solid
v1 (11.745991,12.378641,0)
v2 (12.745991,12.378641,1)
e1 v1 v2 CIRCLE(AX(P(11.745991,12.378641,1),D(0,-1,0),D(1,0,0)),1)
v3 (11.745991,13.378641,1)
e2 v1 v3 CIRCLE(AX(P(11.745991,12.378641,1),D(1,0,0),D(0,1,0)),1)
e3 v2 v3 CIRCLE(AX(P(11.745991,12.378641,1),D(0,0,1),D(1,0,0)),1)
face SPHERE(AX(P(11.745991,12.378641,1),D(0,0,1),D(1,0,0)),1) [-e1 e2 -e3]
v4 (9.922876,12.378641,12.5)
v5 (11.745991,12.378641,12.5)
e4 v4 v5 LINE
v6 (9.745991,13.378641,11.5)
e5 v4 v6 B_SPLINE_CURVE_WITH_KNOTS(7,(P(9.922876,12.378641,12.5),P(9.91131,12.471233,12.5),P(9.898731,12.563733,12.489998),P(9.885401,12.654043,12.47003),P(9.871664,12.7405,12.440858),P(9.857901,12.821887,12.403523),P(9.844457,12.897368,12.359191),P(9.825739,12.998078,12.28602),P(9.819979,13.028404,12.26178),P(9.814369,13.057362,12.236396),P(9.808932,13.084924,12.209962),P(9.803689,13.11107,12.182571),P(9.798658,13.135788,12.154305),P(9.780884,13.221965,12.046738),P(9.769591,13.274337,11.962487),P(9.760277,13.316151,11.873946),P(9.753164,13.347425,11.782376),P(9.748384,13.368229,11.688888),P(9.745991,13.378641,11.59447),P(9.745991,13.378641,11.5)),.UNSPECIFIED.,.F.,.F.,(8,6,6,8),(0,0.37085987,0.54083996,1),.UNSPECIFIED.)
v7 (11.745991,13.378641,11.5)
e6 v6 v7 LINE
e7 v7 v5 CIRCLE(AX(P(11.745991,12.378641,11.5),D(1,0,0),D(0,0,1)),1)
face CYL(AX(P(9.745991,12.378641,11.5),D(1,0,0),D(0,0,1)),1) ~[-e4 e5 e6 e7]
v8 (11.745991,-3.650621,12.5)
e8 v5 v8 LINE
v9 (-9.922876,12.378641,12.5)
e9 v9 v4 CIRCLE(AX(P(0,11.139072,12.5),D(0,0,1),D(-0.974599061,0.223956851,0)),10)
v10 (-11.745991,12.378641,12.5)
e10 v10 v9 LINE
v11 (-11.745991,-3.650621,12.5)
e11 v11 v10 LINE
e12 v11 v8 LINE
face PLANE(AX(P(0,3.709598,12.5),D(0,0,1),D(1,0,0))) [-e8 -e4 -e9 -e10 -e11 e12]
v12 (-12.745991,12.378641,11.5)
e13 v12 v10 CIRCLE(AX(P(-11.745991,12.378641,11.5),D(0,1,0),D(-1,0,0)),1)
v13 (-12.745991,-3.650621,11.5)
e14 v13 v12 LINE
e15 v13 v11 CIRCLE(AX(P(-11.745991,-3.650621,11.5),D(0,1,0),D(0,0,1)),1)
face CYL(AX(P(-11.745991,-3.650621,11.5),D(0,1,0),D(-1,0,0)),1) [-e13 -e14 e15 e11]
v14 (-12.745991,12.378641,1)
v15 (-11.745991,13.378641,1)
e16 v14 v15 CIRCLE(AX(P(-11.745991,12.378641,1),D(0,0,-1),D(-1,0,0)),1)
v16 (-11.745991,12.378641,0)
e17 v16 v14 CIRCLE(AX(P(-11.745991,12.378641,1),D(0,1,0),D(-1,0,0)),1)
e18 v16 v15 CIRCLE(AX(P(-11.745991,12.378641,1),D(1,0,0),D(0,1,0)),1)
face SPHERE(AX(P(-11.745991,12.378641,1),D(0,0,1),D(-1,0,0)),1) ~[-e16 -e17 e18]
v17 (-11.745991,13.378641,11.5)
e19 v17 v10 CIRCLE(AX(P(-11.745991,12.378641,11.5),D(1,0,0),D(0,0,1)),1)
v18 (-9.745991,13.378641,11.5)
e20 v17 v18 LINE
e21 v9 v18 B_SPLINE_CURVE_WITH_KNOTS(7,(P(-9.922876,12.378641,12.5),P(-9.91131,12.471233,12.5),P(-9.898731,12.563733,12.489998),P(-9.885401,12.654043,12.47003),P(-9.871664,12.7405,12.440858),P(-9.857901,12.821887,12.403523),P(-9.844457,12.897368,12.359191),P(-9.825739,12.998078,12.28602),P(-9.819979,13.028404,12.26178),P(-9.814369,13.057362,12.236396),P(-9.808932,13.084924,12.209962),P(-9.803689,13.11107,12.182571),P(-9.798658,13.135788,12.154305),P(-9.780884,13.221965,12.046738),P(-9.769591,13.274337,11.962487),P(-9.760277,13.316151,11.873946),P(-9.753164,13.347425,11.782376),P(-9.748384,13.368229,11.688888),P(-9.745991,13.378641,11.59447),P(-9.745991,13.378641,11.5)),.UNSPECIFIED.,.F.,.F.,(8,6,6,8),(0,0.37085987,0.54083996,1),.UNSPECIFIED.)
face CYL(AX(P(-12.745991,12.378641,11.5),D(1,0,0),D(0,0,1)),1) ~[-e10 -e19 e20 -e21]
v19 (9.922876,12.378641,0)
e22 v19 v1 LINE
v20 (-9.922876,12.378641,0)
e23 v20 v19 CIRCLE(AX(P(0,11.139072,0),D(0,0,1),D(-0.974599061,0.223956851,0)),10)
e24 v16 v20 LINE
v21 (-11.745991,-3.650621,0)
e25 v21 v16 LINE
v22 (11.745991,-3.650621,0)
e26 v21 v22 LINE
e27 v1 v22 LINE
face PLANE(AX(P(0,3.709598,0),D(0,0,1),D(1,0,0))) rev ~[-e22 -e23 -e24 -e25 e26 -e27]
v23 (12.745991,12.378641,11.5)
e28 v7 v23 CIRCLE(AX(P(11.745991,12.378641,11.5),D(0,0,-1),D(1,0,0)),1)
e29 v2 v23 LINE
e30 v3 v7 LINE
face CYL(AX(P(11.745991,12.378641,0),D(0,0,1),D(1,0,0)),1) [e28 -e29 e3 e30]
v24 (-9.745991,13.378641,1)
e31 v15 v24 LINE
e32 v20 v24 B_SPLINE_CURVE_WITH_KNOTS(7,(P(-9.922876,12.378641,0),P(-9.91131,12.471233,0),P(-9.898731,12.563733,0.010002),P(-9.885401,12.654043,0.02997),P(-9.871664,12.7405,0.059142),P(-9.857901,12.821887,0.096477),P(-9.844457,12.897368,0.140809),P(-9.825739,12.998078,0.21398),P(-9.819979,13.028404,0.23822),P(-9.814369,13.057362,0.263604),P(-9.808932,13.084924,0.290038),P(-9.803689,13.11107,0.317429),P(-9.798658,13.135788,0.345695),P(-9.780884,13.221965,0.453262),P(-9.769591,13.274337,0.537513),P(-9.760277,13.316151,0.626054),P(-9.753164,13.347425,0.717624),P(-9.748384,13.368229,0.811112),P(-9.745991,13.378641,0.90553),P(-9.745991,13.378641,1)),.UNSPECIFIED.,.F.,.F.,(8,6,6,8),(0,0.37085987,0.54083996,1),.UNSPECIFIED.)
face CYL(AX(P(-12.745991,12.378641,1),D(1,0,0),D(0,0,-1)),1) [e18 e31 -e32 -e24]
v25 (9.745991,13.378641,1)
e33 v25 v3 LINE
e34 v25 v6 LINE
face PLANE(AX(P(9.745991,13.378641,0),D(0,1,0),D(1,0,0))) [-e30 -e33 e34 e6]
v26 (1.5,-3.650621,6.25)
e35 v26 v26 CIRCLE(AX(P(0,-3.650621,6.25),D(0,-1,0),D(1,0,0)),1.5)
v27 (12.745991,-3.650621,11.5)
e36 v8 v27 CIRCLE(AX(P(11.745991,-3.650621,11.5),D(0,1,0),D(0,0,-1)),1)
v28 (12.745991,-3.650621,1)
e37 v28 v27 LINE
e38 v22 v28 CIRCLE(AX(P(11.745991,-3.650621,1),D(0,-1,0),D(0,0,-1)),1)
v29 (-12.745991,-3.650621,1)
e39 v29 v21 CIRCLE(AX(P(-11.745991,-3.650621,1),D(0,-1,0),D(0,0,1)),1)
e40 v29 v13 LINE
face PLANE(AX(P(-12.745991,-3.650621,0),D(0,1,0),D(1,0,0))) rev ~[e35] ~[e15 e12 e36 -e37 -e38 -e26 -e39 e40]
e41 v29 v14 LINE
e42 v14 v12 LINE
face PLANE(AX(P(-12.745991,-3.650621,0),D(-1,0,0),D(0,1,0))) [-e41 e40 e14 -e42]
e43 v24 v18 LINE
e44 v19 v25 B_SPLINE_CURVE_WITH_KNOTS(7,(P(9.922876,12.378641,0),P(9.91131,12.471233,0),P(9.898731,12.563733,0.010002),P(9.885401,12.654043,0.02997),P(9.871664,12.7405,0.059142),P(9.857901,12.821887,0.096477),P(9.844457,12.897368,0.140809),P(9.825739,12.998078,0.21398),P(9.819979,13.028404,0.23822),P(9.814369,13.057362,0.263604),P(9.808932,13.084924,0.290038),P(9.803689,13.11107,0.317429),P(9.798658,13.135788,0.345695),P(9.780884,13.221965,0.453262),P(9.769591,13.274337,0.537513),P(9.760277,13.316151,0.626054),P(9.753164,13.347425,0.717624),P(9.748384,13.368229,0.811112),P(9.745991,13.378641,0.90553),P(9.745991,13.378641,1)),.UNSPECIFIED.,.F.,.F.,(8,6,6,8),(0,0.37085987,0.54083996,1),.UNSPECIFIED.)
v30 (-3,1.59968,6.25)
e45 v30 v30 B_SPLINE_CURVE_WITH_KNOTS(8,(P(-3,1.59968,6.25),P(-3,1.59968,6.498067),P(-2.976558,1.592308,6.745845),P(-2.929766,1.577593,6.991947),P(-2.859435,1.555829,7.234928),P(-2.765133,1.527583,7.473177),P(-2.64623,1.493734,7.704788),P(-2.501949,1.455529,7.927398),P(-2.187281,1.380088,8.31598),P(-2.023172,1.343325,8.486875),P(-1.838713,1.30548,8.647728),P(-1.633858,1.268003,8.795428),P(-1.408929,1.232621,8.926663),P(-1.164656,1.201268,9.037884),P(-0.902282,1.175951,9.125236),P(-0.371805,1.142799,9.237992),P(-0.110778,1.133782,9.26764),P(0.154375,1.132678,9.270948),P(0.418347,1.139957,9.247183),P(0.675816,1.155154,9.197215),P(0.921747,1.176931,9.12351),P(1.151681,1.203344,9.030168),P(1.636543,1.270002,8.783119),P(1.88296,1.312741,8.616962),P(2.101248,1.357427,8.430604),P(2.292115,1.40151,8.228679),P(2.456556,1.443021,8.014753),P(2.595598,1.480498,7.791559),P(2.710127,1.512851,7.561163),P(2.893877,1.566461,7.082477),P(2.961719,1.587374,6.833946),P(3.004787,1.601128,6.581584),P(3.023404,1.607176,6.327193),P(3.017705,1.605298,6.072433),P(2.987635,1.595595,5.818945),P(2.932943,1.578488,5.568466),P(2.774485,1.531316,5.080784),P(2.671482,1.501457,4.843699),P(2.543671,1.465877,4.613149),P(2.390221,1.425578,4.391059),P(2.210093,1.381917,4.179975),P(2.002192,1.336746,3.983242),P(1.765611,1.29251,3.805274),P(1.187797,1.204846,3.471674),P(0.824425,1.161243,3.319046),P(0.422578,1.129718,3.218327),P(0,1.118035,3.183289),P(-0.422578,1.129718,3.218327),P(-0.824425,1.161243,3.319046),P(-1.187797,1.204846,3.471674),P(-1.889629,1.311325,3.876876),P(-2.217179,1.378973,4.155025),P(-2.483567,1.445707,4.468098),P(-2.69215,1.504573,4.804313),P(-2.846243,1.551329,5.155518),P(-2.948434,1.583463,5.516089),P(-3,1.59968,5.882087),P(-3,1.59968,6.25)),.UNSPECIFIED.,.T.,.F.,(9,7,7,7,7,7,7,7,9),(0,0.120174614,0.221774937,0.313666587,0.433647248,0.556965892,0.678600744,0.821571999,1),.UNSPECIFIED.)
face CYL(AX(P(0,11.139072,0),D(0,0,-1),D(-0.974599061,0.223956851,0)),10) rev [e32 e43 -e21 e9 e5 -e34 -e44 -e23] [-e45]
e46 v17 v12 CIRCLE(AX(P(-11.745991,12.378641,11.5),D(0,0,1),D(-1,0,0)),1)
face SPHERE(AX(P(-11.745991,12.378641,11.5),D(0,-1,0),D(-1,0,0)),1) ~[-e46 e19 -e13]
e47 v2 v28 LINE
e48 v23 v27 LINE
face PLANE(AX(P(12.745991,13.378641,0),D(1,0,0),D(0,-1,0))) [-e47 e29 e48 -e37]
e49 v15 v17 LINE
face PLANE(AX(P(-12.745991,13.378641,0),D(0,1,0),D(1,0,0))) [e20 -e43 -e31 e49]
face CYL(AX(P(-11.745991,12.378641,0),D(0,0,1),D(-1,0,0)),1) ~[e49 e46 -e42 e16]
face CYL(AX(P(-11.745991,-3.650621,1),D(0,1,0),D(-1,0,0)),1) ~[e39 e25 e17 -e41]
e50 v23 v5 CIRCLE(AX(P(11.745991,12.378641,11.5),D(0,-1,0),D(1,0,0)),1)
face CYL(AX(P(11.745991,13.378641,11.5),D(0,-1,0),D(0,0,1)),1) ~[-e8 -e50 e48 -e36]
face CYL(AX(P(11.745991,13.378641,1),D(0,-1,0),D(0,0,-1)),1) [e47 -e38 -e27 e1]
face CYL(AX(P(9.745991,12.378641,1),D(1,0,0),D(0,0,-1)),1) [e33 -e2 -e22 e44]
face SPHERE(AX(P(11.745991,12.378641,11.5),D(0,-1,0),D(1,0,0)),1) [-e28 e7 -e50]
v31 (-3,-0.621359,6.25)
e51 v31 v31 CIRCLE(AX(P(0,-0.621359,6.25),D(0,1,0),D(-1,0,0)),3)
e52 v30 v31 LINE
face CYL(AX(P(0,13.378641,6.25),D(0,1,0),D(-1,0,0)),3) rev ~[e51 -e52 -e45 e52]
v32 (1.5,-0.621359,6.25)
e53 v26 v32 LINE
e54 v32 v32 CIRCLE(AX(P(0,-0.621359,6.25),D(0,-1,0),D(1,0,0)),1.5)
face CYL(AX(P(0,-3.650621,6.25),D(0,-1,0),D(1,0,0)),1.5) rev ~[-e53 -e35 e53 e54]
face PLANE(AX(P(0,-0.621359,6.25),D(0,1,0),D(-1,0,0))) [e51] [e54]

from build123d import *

# Parameters (mm, degrees)
PAD_DEPTH       = 12.5
SKETCH001_R     = 1.5
POCKET_DEPTH    = 17.030262
SKETCH002_R     = 3
POCKET001_DEPTH = 14
FILLET_R        = 1


with BuildPart() as part:
    # Sketch → Pad (new body)
    with BuildSketch(Plane.XY):
        with BuildLine():
            Line((-12.745991, -3.650621), (12.745991, -3.650621))
            Line((12.745991, 13.378641), (12.745991, -3.650621))
            Line((9.745991, 13.378641), (12.745991, 13.378641))
            ThreePointArc((-9.745991, 13.378641), (0, 1.139072), (9.745991, 13.378641))
            Line((-12.745991, 13.378641), (-9.745991, 13.378641))
            Line((-12.745991, -3.650621), (-12.745991, 13.378641))
        make_face()
    extrude(amount=PAD_DEPTH)

    # Sketch001 (on Face1 of Pad) → Pocket (cut, through all)
    with BuildSketch(Plane.XZ.offset(3.650621)):
        with Locations((0, 6.25)):
            Circle(SKETCH001_R)
    extrude(amount=-POCKET_DEPTH, mode=Mode.SUBTRACT)

    # Sketch002 (on Face8 of Pocket) → Pocket001 (cut)
    with BuildSketch(Plane(origin=(0, 13.378641, 0), x_dir=(-1, 0, 0), z_dir=(0, 1, 0))):
        with Locations((0, 6.25)):
            Circle(SKETCH002_R)
    extrude(amount=-POCKET001_DEPTH, mode=Mode.SUBTRACT)

    # Fillet
    fillet_edges = [part.edges().sort_by_distance(p)[0] for p in [
        (12.745991, 4.86401, 12.5),
        (12.745991, 13.378641, 6.25),
        (12.745991, 4.86401, 0),
        (-12.745991, 4.86401, 12.5),
        (-12.745991, 13.378641, 6.25),
        (-12.745991, 4.86401, 0),
        (-11.245991, 13.378641, 12.5),
        (-11.245991, 13.378641, 0),
        (11.245991, 13.378641, 0),
        (11.245991, 13.378641, 12.5),
    ]]
    fillet(fillet_edges, radius=FILLET_R)


solid = part.part
